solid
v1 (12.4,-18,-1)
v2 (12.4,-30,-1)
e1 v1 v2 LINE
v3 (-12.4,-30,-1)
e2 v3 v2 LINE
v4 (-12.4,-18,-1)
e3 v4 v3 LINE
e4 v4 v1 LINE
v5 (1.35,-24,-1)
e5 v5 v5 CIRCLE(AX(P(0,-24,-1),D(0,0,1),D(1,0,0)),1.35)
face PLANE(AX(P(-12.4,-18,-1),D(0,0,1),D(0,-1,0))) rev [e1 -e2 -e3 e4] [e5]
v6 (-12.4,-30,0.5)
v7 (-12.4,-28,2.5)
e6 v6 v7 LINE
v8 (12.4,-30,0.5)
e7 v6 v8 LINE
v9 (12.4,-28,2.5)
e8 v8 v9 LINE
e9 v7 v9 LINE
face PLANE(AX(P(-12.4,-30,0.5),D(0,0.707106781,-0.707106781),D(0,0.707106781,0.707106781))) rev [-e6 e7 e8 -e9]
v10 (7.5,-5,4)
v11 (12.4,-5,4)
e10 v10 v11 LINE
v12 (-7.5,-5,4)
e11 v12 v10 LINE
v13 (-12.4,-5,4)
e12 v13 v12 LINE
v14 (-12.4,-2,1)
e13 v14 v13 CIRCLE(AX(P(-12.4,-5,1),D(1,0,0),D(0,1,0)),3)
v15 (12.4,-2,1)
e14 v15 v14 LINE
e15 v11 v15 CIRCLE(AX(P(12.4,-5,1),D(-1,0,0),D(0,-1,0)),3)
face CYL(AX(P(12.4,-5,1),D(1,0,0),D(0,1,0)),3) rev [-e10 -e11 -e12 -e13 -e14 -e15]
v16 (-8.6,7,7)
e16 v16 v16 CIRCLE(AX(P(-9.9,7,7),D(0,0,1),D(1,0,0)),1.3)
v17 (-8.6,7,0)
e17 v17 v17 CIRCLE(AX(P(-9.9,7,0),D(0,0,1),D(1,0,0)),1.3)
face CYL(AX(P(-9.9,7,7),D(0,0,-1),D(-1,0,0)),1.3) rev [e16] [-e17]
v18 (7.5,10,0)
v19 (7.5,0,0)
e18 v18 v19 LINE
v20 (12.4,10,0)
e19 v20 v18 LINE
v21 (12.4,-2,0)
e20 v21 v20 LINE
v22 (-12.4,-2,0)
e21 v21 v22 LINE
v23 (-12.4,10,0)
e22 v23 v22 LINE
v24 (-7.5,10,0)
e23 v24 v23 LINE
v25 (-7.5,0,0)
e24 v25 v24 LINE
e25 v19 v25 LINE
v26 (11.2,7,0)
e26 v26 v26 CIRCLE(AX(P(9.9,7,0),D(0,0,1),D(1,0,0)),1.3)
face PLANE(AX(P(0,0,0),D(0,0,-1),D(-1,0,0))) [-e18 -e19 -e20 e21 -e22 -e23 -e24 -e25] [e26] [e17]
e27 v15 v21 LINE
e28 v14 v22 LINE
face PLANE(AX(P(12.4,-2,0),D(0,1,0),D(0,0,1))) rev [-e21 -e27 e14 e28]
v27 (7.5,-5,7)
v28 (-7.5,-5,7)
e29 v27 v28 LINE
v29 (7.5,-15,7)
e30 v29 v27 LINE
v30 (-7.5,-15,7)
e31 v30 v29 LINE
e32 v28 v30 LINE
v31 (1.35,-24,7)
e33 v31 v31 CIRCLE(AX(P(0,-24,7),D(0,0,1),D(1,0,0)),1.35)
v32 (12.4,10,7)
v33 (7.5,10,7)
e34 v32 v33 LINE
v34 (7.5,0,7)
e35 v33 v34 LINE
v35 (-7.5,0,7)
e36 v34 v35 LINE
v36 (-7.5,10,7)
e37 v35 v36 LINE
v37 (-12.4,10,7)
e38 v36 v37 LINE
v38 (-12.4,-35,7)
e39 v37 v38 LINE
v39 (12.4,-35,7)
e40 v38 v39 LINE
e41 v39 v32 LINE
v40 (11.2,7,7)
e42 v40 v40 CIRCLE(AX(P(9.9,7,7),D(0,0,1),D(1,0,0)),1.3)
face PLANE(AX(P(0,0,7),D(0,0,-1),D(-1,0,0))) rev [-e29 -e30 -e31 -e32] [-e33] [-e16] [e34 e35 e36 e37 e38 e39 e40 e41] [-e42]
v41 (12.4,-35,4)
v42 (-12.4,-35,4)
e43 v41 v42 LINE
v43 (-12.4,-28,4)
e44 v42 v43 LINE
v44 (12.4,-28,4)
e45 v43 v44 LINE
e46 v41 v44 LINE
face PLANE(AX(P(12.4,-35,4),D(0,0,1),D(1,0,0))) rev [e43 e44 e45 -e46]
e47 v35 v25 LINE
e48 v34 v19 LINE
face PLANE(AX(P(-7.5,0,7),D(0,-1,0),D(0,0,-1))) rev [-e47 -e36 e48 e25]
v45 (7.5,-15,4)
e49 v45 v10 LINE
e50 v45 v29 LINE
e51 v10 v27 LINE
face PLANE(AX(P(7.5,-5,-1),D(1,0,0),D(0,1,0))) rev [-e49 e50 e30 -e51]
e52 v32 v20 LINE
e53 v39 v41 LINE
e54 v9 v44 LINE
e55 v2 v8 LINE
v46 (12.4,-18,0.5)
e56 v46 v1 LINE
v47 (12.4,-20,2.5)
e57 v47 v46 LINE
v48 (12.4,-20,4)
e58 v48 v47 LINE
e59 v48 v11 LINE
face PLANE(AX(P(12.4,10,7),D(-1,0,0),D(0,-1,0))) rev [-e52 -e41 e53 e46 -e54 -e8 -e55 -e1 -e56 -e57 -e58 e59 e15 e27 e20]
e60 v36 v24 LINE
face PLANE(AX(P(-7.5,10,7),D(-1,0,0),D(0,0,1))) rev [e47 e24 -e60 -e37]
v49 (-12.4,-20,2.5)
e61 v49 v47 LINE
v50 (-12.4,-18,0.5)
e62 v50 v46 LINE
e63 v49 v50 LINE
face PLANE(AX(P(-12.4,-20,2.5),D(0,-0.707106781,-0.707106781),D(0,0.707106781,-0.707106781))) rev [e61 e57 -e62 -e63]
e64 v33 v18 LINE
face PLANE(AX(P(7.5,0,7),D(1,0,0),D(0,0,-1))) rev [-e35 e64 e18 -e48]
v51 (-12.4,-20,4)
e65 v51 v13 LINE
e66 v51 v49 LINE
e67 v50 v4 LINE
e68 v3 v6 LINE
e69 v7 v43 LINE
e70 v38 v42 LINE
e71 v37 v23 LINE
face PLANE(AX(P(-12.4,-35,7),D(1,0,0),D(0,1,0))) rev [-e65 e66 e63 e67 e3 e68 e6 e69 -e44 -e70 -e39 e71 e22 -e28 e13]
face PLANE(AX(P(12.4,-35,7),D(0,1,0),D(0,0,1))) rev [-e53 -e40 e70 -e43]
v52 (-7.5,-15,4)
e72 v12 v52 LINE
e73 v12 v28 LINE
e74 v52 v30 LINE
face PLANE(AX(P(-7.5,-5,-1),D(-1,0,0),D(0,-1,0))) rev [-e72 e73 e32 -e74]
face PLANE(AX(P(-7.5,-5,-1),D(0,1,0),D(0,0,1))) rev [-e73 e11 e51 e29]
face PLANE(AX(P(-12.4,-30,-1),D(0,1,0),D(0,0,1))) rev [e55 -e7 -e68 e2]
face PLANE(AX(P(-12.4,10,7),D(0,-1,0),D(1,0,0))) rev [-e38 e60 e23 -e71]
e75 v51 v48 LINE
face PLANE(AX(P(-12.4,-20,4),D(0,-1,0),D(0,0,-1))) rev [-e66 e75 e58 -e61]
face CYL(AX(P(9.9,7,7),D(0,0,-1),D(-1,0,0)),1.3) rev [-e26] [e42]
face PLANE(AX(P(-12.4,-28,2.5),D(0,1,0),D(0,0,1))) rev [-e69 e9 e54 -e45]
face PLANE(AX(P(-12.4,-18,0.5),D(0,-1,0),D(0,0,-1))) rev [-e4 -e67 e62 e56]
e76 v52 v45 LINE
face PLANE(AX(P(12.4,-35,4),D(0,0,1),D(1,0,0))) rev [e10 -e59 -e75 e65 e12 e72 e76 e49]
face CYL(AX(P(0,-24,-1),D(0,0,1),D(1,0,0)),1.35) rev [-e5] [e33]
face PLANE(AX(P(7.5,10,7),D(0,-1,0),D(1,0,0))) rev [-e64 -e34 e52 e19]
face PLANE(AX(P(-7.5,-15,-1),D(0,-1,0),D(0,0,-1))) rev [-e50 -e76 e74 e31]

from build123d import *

# Parameters (mm, degrees)
SKETCH1_R                        = 1.3
MAIN_DEPTH                       = 7
SKETCH3_W                        = 4
SKETCH3_H                        = 33
CUT_EXTRUDE1_DEPTH               = 25.8
FIXSUPPORT_DEPTH                 = 12.4
FILLET1_R                        = 3
SKETCH4_W                        = 15
SKETCH4_H                        = 10
CUTFORSCREWRAILACCESS_DEPTH      = 9
SKETCH5_R                        = 1.35
HOLETOBLOCKSYSTEMWITHSCREW_DEPTH = 9


with BuildPart() as part:
    # Sketch1 → Main (new body)
    with BuildSketch(Plane.XY):
        Polygon((-7.5, 10), (-7.5, 0), (7.5, 0), (7.5, 10), (12.4, 10), (12.4, -35), (-12.4, -35), (-12.4, 10), align=None)
        with Locations((-9.9, 7)):
            Circle(SKETCH1_R, mode=Mode.SUBTRACT)
        with Locations((9.9, 7)):
            Circle(SKETCH1_R, mode=Mode.SUBTRACT)
    extrude(amount=MAIN_DEPTH)

    # Sketch3 → Cut-Extrude1 (cut, through all)
    with BuildSketch(Plane.ZY.offset(12.4)):
        with Locations((2, -18.5)):
            Rectangle(SKETCH3_W, SKETCH3_H)
    extrude(amount=-CUT_EXTRUDE1_DEPTH, mode=Mode.SUBTRACT)

    # Sketch2 → FixSupport (add, symmetric)
    with BuildSketch(Plane.ZY):
        Polygon((0.5, -18), (-1, -18), (-1, -30), (0.5, -30), (2.5, -28), (4, -28), (4, -20), (2.5, -20), align=None)
    extrude(amount=FIXSUPPORT_DEPTH, both=True)

    # Fillet1
    fillet1_edges = [part.edges().sort_by_distance(p)[0] for p in [
        (0, -2, 4),
    ]]
    fillet(fillet1_edges, radius=FILLET1_R)

    # Sketch4 → CutForScrewRailAccess (cut, through all)
    with BuildSketch(Plane.XY.offset(7)):
        with Locations((0, -10)):
            Rectangle(SKETCH4_W, SKETCH4_H)
    extrude(amount=-CUTFORSCREWRAILACCESS_DEPTH, mode=Mode.SUBTRACT)

    # Sketch5 → HoleToBlockSystemWithScrew (cut, through all)
    with BuildSketch(Plane.XY.offset(7)):
        with Locations((0, -24)):
            Circle(SKETCH5_R)
    extrude(amount=-HOLETOBLOCKSYSTEMWITHSCREW_DEPTH, mode=Mode.SUBTRACT)


solid = part.part
